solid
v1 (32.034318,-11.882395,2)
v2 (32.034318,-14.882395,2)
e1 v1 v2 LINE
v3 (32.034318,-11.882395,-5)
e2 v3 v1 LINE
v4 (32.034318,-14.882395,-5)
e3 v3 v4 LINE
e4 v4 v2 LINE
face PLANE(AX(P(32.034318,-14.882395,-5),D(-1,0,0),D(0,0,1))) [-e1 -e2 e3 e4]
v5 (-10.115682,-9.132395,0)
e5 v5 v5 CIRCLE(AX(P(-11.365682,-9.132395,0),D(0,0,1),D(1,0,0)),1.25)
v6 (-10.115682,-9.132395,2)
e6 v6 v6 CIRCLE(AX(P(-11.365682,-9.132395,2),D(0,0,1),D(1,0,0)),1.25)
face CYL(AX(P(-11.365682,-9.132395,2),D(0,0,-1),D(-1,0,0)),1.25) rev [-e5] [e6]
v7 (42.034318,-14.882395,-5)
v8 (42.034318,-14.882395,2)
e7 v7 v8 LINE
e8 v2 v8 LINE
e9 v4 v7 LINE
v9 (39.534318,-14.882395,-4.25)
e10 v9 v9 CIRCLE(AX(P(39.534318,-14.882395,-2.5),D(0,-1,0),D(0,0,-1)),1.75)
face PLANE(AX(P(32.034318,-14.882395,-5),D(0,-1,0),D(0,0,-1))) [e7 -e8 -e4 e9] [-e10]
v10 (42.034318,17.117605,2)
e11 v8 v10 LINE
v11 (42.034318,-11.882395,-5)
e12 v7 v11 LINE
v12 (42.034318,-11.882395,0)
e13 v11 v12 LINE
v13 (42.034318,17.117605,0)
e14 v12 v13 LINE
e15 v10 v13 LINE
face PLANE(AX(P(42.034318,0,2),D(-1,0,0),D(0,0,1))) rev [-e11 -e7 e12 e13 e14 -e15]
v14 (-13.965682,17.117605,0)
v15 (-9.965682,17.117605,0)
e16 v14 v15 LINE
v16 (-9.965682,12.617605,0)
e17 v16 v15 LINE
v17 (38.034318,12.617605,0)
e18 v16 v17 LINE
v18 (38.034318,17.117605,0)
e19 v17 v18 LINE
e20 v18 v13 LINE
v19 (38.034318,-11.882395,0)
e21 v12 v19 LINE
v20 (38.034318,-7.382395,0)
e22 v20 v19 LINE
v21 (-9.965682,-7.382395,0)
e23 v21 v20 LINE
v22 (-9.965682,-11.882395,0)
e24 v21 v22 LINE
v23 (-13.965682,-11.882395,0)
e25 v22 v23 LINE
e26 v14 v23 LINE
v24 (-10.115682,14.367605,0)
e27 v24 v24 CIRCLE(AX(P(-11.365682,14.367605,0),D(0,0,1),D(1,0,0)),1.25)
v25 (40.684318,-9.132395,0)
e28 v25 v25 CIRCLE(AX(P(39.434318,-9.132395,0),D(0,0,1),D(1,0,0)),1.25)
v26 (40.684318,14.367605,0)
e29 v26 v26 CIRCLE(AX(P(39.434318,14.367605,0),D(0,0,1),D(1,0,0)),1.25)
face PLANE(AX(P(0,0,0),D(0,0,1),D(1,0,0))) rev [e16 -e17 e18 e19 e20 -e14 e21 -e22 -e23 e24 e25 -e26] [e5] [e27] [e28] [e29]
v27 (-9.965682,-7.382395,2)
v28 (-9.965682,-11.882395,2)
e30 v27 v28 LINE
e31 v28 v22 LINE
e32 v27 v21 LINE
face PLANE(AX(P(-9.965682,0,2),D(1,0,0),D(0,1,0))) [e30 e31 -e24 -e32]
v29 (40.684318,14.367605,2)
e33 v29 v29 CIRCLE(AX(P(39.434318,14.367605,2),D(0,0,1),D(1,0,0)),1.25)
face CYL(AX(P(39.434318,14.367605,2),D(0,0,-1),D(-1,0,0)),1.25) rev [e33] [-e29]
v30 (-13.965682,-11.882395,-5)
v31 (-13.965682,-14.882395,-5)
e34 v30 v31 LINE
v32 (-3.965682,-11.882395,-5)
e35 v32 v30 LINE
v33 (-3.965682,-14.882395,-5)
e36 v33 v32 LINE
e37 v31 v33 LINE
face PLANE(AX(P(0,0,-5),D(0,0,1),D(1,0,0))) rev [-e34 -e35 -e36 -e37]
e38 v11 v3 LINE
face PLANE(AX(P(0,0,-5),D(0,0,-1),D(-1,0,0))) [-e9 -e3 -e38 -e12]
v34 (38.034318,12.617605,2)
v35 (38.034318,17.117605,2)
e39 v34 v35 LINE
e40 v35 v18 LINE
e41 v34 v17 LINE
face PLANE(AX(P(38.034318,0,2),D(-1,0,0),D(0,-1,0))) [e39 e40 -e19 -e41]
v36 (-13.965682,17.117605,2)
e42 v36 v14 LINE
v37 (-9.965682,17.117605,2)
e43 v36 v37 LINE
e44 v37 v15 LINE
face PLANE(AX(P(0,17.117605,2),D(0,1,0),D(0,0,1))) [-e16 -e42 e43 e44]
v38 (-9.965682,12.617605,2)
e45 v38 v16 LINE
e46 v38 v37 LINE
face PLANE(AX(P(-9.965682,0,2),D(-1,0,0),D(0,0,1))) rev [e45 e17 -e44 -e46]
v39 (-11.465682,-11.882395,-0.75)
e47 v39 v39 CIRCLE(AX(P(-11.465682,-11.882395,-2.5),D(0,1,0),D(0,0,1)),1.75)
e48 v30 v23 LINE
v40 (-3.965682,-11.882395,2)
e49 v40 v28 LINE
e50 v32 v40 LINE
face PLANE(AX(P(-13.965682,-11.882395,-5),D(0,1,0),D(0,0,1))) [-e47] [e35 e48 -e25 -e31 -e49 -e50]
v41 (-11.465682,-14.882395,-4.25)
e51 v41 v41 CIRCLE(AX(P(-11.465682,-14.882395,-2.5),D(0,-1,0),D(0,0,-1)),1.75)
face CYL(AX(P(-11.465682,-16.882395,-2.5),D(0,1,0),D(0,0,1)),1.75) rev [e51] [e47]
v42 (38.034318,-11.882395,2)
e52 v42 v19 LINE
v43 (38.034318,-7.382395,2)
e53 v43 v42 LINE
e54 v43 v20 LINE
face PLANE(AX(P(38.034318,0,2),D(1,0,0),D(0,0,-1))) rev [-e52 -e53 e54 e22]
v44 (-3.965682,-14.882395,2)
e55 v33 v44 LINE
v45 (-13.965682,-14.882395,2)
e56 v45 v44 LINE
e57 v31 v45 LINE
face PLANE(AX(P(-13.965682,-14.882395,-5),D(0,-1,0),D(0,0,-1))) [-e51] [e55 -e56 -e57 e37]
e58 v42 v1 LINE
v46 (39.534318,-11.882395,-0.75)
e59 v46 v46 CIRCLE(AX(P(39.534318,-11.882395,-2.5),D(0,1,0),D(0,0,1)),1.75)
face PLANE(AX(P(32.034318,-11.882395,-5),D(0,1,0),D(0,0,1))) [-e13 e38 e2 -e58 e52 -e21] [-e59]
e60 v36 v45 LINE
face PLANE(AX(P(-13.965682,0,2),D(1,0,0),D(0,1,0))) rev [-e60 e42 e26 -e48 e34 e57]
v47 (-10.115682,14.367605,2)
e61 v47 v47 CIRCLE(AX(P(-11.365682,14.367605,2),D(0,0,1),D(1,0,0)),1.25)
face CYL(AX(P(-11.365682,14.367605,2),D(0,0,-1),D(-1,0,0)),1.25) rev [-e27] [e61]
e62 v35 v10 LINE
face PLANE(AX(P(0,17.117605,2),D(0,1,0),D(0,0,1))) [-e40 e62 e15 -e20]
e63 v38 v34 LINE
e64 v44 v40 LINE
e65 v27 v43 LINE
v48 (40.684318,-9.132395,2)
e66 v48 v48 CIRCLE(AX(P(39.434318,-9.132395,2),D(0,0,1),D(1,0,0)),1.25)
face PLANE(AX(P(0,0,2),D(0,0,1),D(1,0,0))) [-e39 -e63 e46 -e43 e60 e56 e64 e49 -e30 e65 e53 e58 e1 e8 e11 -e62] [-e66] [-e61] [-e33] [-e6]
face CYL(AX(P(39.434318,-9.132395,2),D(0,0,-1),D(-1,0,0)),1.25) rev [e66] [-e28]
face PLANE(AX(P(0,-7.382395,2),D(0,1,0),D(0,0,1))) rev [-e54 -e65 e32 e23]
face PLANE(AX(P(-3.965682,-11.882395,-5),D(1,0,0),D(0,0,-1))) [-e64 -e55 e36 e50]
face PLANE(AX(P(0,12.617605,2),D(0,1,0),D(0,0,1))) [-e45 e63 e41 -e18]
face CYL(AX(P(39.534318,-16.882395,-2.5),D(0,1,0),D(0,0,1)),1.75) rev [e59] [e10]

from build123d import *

# Parameters (mm, degrees)
ESBO_O1_R                = 1.25
RESSALTO_EXTRUS_O1_DEPTH = 2
ESBO_O3_W                = 10
ESBO_O3_H                = 3
RESSALTO_EXTRUS_O2_DEPTH = 7
ESBO_O4_R                = 1.75
CORTE_EXTRUS_O1_DEPTH    = 5


with BuildPart() as part:
    # Esboço1 → Ressalto-extrusão1 (new body)
    with BuildSketch(Plane.XY):
        Polygon((-9.965681545, 17.117604611), (-13.965681545, 17.117604611), (-13.965681545, -11.882395389), (-9.965681545, -11.882395389), (-9.965681545, -7.382395389), (38.034318455, -7.382395389), (38.034318455, -11.882395389), (42.034318455, -11.882395389), (42.034318455, 17.117604611), (38.034318455, 17.117604611), (38.034318455, 12.617604611), (-9.965681545, 12.617604611), align=None)
        with Locations((-11.365681545, -9.132395389)):
            Circle(ESBO_O1_R, mode=Mode.SUBTRACT)
        with Locations((39.434318455, -9.132395389)):
            Circle(ESBO_O1_R, mode=Mode.SUBTRACT)
        with Locations((-11.365681545, 14.367604611)):
            Circle(ESBO_O1_R, mode=Mode.SUBTRACT)
        with Locations((39.434318455, 14.367604611)):
            Circle(ESBO_O1_R, mode=Mode.SUBTRACT)
    extrude(amount=RESSALTO_EXTRUS_O1_DEPTH)

    # Esboço3 → Ressalto-extrusão2 (add)
    with BuildSketch(Plane.XY.offset(2)):
        with Locations((-8.965681545, -13.382395389)):
            Rectangle(ESBO_O3_W, ESBO_O3_H)
        with Locations((37.034318455, -13.382395389)):
            Rectangle(ESBO_O3_W, ESBO_O3_H)
    extrude(amount=-RESSALTO_EXTRUS_O2_DEPTH)

    # Esboço4 → Corte-extrusão1 (cut)
    with BuildSketch(Plane(origin=(0, -11.882395389, 0), x_dir=(1, 0, 0), z_dir=(0, 1, 0))):
        with Locations((-11.465681545, 2.5)):
            Circle(ESBO_O4_R)
        with Locations((39.534318455, 2.5)):
            Circle(ESBO_O4_R)
    extrude(amount=-CORTE_EXTRUS_O1_DEPTH, mode=Mode.SUBTRACT)


solid = part.part
